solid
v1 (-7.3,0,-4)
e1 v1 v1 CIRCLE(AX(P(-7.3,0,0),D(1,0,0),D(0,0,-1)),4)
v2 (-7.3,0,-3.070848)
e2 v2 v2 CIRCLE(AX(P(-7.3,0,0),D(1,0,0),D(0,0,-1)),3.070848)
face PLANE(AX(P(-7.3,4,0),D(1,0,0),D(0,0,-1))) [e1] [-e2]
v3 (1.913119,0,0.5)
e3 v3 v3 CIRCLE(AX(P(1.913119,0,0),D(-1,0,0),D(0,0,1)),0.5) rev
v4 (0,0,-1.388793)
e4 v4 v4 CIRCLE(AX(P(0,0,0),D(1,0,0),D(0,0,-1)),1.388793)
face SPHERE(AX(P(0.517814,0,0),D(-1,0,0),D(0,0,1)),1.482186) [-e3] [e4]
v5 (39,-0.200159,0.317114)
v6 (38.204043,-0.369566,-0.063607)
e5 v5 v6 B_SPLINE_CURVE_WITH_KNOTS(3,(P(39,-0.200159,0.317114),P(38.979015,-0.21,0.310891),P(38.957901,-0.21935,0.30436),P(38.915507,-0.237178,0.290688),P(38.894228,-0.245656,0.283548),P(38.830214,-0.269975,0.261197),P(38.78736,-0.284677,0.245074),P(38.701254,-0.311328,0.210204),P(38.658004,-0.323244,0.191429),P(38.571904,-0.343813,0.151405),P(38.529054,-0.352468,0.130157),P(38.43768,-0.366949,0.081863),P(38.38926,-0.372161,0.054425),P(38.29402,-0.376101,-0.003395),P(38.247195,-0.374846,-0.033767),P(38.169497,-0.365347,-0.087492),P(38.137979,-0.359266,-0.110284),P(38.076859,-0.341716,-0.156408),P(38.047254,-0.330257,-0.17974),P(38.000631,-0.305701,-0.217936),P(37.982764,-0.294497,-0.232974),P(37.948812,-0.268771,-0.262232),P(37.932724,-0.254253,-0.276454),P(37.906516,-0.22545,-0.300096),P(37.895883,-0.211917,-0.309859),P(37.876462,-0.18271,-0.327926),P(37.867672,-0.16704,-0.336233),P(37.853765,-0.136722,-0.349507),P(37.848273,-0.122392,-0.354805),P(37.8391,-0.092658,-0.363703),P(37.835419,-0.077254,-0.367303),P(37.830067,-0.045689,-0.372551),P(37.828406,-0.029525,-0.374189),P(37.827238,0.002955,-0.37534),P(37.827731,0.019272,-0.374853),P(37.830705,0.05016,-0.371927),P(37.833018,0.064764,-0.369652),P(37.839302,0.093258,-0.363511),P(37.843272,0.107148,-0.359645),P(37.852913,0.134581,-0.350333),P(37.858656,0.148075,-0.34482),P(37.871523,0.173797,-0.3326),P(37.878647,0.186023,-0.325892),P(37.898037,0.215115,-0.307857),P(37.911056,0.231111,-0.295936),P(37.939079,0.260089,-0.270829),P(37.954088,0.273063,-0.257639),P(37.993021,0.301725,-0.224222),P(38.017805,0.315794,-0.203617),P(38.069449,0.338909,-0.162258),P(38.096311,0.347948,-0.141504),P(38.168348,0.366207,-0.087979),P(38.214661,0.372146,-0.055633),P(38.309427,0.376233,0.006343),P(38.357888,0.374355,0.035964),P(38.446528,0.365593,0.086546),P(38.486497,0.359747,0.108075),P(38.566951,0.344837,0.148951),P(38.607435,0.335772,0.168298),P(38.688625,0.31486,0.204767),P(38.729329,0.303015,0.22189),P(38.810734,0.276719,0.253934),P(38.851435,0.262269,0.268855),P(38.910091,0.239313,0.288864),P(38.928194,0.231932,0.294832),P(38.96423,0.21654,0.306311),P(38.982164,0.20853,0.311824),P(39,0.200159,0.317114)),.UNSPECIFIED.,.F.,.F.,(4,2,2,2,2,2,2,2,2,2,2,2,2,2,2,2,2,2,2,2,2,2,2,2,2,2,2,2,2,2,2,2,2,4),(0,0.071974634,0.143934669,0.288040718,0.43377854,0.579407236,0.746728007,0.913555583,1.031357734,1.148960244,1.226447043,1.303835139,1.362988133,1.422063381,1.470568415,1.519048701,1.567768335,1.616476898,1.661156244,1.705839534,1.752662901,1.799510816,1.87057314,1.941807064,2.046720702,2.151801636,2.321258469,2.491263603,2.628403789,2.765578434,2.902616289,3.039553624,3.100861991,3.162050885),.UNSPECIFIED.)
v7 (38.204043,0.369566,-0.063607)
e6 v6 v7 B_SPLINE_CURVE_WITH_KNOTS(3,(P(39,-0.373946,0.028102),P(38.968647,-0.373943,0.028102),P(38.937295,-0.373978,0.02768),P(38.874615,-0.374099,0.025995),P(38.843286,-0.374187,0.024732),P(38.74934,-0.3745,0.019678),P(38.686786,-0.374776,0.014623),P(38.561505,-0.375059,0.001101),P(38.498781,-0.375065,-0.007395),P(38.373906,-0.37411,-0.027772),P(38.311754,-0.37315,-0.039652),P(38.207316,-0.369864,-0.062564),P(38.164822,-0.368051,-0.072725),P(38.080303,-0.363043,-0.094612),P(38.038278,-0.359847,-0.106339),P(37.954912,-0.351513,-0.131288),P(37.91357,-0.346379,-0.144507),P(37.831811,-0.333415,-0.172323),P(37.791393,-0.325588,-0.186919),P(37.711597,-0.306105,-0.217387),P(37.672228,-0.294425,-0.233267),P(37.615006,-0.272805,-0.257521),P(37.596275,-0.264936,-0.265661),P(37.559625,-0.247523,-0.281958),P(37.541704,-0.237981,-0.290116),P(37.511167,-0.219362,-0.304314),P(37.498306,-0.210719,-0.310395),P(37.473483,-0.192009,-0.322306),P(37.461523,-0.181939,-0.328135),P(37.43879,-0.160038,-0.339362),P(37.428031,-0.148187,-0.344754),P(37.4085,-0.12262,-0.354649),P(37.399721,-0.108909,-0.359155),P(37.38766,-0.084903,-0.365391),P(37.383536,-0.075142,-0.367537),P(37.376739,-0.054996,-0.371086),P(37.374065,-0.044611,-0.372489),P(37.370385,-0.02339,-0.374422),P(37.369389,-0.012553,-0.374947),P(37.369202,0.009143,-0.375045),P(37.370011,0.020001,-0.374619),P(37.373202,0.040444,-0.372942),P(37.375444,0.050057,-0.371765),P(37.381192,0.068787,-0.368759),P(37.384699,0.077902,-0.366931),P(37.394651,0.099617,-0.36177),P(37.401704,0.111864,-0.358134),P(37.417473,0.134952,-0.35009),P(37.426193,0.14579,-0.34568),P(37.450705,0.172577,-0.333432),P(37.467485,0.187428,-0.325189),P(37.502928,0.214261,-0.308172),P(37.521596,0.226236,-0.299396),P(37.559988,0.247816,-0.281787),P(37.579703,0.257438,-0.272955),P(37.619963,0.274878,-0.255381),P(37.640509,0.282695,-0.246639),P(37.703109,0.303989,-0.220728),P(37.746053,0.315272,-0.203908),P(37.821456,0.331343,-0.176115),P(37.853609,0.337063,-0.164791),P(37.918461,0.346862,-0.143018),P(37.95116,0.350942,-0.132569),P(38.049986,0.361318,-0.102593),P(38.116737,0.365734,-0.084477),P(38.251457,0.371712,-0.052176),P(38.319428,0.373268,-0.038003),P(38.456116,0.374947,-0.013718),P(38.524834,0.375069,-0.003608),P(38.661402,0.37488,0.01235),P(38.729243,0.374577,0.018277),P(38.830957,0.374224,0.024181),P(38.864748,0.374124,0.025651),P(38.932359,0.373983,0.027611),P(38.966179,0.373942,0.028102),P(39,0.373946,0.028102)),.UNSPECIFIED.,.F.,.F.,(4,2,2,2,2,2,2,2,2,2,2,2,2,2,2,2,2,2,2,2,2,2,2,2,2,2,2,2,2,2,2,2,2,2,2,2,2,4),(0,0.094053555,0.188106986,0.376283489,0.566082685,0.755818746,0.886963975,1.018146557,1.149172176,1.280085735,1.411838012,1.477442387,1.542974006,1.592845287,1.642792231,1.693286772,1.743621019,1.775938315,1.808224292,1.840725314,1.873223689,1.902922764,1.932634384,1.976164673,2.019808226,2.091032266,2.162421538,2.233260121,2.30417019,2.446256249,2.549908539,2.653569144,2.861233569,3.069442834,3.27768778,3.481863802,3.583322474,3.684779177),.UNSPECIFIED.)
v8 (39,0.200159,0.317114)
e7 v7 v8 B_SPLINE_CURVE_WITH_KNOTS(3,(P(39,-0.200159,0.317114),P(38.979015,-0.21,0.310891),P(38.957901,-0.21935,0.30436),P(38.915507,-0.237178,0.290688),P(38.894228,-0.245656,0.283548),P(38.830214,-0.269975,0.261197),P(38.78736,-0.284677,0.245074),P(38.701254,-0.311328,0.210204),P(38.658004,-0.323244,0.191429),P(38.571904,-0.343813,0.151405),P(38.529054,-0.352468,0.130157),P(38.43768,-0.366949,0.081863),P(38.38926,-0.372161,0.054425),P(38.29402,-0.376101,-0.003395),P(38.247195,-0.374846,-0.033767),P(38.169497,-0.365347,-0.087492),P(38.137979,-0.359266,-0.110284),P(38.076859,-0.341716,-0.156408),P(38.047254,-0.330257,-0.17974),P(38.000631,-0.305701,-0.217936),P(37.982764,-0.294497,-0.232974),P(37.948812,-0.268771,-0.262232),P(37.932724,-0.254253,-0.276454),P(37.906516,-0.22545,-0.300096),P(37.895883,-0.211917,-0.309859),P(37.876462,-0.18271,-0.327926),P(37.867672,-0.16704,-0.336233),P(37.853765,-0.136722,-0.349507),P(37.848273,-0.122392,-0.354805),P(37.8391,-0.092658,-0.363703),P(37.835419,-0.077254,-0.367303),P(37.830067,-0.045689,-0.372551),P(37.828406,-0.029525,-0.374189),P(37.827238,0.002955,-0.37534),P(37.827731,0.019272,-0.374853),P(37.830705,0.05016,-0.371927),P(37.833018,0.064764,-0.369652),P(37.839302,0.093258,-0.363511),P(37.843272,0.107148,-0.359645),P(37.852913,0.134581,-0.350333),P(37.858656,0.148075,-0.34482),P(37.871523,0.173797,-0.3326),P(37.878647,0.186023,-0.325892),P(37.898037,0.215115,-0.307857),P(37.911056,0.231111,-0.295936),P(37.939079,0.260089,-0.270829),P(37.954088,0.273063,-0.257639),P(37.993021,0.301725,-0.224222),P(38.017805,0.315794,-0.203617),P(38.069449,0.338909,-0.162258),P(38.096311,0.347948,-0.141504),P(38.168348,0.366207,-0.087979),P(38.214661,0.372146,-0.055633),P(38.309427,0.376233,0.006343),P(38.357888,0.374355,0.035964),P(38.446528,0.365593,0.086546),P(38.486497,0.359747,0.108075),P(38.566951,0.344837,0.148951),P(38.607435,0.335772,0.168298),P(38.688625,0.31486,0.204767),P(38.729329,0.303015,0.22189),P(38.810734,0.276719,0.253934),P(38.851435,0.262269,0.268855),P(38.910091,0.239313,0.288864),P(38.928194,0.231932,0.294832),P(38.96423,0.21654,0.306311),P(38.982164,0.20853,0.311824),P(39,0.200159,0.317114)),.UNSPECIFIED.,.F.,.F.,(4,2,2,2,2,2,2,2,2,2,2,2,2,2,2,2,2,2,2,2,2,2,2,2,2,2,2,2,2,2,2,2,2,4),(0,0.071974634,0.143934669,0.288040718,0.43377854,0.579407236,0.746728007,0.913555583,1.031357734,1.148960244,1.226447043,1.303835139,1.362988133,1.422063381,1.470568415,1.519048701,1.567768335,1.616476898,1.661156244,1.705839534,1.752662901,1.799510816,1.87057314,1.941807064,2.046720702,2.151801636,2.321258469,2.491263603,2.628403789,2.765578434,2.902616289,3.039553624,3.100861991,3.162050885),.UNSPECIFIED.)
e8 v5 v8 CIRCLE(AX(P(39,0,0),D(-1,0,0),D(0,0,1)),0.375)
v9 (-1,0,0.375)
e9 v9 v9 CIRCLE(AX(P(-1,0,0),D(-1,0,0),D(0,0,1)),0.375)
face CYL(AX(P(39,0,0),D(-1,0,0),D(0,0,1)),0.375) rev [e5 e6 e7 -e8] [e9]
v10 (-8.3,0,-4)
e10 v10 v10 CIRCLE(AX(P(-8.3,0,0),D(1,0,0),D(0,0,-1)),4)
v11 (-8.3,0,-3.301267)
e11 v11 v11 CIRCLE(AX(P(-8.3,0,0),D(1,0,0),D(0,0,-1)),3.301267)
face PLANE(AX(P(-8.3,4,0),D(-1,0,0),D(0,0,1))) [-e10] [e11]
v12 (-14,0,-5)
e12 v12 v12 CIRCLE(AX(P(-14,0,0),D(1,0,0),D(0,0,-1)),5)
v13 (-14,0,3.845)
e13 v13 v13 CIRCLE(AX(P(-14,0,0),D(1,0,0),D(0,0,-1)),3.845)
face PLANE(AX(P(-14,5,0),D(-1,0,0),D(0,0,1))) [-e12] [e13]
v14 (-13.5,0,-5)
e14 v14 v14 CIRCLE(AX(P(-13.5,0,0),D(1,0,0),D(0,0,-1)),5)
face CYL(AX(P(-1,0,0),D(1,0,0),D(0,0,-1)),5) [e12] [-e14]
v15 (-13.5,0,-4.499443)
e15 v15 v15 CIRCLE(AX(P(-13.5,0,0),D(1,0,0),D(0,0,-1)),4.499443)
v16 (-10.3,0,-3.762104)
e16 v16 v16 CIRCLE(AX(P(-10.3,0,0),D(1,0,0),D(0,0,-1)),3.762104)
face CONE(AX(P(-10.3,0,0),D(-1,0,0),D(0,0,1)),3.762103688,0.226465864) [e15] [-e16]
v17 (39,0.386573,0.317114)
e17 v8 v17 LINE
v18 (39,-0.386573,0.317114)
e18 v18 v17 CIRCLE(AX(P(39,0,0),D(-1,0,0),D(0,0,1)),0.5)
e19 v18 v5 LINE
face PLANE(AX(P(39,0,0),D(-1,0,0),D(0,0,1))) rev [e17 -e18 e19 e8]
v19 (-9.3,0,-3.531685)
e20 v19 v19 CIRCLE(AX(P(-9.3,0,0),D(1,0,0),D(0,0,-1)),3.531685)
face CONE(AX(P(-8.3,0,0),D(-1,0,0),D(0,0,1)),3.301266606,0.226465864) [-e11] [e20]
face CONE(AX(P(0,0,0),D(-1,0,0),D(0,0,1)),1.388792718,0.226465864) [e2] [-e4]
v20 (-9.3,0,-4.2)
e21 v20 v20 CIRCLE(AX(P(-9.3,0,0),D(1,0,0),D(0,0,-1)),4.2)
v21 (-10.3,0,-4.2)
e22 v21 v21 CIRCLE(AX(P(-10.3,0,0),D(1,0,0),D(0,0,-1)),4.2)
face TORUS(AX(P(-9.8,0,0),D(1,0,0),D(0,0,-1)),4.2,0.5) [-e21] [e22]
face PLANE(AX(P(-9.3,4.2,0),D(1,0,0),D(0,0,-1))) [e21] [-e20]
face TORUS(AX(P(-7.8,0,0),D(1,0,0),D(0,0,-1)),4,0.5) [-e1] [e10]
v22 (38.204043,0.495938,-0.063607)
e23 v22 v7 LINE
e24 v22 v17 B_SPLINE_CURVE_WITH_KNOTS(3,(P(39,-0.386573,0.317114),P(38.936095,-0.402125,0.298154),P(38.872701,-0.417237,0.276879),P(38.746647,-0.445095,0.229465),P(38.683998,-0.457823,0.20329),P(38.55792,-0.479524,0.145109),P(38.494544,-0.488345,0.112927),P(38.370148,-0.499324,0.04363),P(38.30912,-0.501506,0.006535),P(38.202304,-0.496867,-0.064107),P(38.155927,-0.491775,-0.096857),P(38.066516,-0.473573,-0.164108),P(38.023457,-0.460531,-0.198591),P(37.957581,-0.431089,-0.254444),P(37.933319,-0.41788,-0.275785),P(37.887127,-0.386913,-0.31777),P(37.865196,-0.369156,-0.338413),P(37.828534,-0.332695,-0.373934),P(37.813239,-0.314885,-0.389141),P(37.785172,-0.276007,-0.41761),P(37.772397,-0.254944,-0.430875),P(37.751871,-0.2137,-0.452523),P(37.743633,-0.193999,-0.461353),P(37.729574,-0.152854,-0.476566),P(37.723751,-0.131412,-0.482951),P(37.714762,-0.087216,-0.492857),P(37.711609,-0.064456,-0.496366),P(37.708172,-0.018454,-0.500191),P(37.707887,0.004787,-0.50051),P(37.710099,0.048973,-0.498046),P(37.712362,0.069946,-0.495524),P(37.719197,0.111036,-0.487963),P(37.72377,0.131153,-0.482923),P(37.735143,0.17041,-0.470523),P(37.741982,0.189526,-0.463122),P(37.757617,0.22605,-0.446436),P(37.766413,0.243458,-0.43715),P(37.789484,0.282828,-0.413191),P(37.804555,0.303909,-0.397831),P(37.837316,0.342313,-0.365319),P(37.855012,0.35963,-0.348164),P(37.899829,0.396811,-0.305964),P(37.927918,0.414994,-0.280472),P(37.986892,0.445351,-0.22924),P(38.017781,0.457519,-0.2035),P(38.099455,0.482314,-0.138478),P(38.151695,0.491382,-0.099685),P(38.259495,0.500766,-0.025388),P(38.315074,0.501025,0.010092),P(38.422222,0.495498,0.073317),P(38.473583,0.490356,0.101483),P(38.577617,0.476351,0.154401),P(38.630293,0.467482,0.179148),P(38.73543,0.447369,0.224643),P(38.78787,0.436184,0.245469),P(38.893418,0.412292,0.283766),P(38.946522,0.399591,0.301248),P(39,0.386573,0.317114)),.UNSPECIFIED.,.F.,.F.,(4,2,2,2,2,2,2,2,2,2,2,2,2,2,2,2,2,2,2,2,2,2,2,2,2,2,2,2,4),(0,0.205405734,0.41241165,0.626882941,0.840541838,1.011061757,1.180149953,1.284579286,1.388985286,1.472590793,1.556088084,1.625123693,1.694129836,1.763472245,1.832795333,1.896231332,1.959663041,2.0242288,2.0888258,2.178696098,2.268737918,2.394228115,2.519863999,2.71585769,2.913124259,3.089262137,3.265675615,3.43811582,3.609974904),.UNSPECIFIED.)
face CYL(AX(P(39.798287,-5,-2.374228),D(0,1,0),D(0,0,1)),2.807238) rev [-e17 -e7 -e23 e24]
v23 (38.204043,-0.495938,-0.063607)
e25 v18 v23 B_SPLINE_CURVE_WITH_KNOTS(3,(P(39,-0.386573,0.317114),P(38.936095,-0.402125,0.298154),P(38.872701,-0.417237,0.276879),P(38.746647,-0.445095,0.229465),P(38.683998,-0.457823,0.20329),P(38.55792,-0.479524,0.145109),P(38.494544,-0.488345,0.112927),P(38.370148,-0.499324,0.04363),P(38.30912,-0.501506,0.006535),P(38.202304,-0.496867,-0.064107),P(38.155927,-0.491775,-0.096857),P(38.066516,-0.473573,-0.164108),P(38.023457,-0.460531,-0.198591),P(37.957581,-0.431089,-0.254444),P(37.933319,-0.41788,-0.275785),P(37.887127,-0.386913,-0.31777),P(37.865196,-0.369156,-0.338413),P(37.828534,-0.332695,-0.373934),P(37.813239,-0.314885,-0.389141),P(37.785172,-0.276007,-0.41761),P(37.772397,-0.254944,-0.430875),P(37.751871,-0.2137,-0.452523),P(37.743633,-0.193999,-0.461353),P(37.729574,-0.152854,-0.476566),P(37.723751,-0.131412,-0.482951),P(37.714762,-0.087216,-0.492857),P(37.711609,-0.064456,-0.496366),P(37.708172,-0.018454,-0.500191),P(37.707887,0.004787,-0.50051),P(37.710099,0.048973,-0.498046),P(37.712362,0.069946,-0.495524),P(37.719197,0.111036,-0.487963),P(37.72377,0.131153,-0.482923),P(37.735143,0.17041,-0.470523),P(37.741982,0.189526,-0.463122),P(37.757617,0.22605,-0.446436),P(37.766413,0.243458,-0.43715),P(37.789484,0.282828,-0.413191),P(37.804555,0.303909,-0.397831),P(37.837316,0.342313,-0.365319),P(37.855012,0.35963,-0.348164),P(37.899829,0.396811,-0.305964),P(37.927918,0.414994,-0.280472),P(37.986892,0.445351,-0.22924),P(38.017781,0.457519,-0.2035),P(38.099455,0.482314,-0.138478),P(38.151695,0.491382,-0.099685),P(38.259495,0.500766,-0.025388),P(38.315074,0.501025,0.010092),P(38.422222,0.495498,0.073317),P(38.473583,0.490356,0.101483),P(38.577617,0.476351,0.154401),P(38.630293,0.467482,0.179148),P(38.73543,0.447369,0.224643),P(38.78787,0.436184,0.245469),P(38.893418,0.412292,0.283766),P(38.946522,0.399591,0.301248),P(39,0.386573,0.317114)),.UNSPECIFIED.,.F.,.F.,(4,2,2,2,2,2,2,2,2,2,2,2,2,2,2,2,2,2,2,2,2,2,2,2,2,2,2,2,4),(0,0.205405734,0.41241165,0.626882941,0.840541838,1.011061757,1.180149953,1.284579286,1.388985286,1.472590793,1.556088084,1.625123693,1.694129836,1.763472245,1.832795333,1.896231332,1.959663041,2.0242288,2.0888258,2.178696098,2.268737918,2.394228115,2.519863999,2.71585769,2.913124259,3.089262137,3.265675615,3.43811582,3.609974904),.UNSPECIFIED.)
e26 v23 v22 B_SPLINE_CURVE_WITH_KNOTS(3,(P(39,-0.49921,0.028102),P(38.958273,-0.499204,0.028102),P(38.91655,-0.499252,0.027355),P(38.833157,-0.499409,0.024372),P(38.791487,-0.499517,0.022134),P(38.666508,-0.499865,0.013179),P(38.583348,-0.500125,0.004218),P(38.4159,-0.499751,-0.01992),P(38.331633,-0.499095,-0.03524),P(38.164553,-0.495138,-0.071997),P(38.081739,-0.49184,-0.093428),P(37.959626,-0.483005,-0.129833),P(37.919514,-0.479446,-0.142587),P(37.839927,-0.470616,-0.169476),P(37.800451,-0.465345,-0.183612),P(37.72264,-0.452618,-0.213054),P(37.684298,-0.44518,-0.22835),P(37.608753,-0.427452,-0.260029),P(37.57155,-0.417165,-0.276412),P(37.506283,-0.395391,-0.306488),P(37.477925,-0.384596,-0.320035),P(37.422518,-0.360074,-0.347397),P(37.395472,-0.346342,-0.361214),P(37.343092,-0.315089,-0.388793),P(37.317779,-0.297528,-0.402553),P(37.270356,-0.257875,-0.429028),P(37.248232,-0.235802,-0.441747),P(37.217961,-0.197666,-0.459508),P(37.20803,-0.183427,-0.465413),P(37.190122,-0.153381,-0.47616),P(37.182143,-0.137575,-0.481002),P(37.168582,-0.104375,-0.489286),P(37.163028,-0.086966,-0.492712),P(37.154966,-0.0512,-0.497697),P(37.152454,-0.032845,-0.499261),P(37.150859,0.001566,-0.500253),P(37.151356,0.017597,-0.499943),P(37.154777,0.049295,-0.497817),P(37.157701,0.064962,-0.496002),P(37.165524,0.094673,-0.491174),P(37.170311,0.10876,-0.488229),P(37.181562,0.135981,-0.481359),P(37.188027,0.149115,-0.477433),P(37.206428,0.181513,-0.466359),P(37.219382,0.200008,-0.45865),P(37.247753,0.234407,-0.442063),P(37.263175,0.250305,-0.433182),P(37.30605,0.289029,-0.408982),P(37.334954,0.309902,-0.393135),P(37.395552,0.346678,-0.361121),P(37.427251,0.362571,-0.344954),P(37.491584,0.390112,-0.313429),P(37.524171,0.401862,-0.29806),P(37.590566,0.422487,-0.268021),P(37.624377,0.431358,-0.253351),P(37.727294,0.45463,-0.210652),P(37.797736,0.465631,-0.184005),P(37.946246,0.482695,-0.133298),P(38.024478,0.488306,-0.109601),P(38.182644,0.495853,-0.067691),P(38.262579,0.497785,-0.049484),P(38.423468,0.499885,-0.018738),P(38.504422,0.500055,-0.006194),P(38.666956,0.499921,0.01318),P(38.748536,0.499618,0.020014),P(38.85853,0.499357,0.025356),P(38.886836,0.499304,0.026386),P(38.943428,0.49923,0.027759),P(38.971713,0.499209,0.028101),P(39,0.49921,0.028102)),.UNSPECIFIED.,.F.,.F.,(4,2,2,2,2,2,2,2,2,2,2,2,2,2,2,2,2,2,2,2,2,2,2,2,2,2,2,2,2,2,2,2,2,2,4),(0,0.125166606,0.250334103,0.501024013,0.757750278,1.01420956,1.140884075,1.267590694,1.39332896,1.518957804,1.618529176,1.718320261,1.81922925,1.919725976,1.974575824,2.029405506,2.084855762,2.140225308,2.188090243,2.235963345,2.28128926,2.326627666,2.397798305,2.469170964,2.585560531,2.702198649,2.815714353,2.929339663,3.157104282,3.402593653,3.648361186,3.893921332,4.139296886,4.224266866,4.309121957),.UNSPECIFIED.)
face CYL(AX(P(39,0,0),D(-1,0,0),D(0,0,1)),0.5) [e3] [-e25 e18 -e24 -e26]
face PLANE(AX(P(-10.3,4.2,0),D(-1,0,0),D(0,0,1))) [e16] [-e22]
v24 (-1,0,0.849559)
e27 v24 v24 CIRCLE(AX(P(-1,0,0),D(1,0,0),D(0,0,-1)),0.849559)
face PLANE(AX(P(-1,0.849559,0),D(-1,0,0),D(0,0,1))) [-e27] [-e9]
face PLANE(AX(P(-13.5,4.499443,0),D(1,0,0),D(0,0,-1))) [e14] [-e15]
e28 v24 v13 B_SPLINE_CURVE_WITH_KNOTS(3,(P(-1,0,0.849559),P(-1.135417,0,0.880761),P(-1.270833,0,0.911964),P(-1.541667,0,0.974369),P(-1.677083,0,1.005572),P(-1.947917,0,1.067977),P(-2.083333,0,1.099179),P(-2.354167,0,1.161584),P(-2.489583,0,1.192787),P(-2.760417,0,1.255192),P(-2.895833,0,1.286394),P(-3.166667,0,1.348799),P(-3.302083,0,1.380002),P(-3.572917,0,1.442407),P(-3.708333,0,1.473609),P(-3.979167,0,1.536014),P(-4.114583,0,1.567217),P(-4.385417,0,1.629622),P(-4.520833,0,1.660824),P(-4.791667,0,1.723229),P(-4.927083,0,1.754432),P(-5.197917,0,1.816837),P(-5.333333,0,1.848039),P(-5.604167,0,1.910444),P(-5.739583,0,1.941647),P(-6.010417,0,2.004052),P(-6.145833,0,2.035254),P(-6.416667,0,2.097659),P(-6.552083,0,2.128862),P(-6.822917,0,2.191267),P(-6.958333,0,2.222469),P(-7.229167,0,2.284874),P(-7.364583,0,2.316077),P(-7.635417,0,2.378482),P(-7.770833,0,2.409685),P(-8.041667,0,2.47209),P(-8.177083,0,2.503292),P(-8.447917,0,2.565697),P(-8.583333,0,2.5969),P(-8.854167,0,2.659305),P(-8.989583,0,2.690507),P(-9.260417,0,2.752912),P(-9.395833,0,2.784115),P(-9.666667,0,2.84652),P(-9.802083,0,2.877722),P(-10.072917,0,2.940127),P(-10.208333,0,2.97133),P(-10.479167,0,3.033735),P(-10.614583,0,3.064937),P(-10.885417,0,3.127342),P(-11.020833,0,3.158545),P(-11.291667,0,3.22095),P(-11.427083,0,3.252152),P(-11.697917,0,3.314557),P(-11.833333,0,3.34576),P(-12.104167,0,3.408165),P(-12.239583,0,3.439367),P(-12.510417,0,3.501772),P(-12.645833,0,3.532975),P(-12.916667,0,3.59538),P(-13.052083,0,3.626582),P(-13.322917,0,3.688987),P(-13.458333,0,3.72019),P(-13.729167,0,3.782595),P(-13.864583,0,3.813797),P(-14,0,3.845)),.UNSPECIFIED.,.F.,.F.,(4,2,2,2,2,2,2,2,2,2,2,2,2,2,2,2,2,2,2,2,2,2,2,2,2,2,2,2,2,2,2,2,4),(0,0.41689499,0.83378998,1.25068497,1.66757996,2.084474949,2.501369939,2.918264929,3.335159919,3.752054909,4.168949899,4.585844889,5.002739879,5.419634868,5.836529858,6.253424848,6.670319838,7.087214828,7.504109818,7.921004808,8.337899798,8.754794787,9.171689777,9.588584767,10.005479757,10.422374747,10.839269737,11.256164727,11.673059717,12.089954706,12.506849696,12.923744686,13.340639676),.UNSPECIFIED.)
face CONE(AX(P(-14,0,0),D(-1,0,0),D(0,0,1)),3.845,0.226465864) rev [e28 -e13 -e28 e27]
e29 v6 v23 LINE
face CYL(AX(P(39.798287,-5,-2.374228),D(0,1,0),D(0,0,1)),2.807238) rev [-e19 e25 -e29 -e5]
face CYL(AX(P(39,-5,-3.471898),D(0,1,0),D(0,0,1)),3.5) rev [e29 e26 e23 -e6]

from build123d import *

# Parameters (mm, degrees)
DOME1_FACE_RADIUS       = 1.388792718
DOME1_HEIGHT            = 2
SKETCH4_R               = 0.5
CUT_EXTRUDE1_DEPTH      = 15.798648587
SKETCH5_R               = 0.5
SKETCH5_R_2             = 0.375
EXTRUDE_THIN1_DEPTH     = 40
CUT_EXTRUDE2_DEPTH      = 40.635842365
CUT_EXTRUDE2_DEPTH_BACK = 40.635842365
SKETCH6_R               = 3.5
CUT_EXTRUDE3_DEPTH      = 40.635842464
CUT_EXTRUDE3_DEPTH_BACK = 40.635842464
SKETCH7_R               = 2.807237917


with BuildPart() as part:
    # Sketch2 → Revolve1 (revolve)
    with BuildSketch(Plane.XY, mode=Mode.PRIVATE) as revolve1_sk:
        with BuildLine():
            Line((0, 0), (0, 1.388792718))
            Line((0, 1.388792718), (-7.3, 3.070848066))
            Line((-7.3, 3.070848066), (-7.3, 4))
            ThreePointArc((-7.3, 4), (-7.8, 4.5), (-8.3, 4))
            Line((-8.3, 4), (-8.3, 3.301266606))
            Line((-8.3, 3.301266606), (-9.3, 3.531685147))
            Line((-9.3, 3.531685147), (-9.3, 4.2))
            ThreePointArc((-9.3, 4.2), (-9.8, 4.7), (-10.3, 4.2))
            Line((-10.3, 4.2), (-10.3, 3.762103688))
            Line((-10.3, 3.762103688), (-13.5, 4.499443019))
            Line((-13.5, 4.499443019), (-13.5, 5))
            Line((-13.5, 5), (-14, 5))
            Line((-14, 5), (-14, 3.845))
            Line((-14, 3.845), (-1, 0.849558969))
            Line((-1, 0.849558969), (-1, 0))
            Line((-1, 0), (0, 0))
        make_face()
    revolve(revolve1_sk.sketch.rotate(Axis((-1, 0, 0), (-1, 0, 0)), 90), axis=Axis((-1, 0, 0), (-1, 0, 0)))

    # Dome1: a dome of height H over a round flat face of radius A is a cap of a sphere of radius (A * A + H * H) / (2 * H)
    dome1_r = (DOME1_FACE_RADIUS * DOME1_FACE_RADIUS + DOME1_HEIGHT * DOME1_HEIGHT) / (2 * DOME1_HEIGHT)
    dome1_base = Plane((0, 0, 0), z_dir=(1, 0, 0))
    with Locations(dome1_base.offset(DOME1_HEIGHT - dome1_r)):
        dome1_ball = Sphere(dome1_r, mode=Mode.PRIVATE)
    add(split(dome1_ball, bisect_by=dome1_base, keep=Keep.TOP, mode=Mode.PRIVATE))

    # Sketch4 → Cut-Extrude1 (cut, through all)
    with BuildSketch(Plane.ZY.offset(1)):
        Circle(SKETCH4_R)
    extrude(amount=-CUT_EXTRUDE1_DEPTH, mode=Mode.SUBTRACT)

    # Sketch5 → Extrude-Thin1 (add)
    with BuildSketch(Plane.ZY.offset(1)):
        Circle(SKETCH5_R)
        Circle(SKETCH5_R_2, mode=Mode.SUBTRACT)
    extrude(amount=-EXTRUDE_THIN1_DEPTH)

    # Sketch6 → Cut-Extrude2 (cut, two sides: drawn at the far end of the back side and taken through both)
    with BuildSketch(Plane(origin=(0, 0, 0), x_dir=(1, 0, 0), z_dir=(0, 1, 0)).offset(-CUT_EXTRUDE2_DEPTH_BACK)):
        with Locations((39, 3.471898399)):
            Circle(SKETCH6_R)
    extrude(amount=CUT_EXTRUDE2_DEPTH + CUT_EXTRUDE2_DEPTH_BACK, mode=Mode.SUBTRACT)

    # Sketch7 → Cut-Extrude3 (cut, two sides: drawn at the far end of the back side and taken through both)
    with BuildSketch(Plane(origin=(0, 0, 0), x_dir=(1, 0, 0), z_dir=(0, 1, 0)).offset(-CUT_EXTRUDE3_DEPTH_BACK)):
        with Locations((39.798286637, 2.374228192)):
            Circle(SKETCH7_R)
    extrude(amount=CUT_EXTRUDE3_DEPTH + CUT_EXTRUDE3_DEPTH_BACK, mode=Mode.SUBTRACT)


solid = part.part
